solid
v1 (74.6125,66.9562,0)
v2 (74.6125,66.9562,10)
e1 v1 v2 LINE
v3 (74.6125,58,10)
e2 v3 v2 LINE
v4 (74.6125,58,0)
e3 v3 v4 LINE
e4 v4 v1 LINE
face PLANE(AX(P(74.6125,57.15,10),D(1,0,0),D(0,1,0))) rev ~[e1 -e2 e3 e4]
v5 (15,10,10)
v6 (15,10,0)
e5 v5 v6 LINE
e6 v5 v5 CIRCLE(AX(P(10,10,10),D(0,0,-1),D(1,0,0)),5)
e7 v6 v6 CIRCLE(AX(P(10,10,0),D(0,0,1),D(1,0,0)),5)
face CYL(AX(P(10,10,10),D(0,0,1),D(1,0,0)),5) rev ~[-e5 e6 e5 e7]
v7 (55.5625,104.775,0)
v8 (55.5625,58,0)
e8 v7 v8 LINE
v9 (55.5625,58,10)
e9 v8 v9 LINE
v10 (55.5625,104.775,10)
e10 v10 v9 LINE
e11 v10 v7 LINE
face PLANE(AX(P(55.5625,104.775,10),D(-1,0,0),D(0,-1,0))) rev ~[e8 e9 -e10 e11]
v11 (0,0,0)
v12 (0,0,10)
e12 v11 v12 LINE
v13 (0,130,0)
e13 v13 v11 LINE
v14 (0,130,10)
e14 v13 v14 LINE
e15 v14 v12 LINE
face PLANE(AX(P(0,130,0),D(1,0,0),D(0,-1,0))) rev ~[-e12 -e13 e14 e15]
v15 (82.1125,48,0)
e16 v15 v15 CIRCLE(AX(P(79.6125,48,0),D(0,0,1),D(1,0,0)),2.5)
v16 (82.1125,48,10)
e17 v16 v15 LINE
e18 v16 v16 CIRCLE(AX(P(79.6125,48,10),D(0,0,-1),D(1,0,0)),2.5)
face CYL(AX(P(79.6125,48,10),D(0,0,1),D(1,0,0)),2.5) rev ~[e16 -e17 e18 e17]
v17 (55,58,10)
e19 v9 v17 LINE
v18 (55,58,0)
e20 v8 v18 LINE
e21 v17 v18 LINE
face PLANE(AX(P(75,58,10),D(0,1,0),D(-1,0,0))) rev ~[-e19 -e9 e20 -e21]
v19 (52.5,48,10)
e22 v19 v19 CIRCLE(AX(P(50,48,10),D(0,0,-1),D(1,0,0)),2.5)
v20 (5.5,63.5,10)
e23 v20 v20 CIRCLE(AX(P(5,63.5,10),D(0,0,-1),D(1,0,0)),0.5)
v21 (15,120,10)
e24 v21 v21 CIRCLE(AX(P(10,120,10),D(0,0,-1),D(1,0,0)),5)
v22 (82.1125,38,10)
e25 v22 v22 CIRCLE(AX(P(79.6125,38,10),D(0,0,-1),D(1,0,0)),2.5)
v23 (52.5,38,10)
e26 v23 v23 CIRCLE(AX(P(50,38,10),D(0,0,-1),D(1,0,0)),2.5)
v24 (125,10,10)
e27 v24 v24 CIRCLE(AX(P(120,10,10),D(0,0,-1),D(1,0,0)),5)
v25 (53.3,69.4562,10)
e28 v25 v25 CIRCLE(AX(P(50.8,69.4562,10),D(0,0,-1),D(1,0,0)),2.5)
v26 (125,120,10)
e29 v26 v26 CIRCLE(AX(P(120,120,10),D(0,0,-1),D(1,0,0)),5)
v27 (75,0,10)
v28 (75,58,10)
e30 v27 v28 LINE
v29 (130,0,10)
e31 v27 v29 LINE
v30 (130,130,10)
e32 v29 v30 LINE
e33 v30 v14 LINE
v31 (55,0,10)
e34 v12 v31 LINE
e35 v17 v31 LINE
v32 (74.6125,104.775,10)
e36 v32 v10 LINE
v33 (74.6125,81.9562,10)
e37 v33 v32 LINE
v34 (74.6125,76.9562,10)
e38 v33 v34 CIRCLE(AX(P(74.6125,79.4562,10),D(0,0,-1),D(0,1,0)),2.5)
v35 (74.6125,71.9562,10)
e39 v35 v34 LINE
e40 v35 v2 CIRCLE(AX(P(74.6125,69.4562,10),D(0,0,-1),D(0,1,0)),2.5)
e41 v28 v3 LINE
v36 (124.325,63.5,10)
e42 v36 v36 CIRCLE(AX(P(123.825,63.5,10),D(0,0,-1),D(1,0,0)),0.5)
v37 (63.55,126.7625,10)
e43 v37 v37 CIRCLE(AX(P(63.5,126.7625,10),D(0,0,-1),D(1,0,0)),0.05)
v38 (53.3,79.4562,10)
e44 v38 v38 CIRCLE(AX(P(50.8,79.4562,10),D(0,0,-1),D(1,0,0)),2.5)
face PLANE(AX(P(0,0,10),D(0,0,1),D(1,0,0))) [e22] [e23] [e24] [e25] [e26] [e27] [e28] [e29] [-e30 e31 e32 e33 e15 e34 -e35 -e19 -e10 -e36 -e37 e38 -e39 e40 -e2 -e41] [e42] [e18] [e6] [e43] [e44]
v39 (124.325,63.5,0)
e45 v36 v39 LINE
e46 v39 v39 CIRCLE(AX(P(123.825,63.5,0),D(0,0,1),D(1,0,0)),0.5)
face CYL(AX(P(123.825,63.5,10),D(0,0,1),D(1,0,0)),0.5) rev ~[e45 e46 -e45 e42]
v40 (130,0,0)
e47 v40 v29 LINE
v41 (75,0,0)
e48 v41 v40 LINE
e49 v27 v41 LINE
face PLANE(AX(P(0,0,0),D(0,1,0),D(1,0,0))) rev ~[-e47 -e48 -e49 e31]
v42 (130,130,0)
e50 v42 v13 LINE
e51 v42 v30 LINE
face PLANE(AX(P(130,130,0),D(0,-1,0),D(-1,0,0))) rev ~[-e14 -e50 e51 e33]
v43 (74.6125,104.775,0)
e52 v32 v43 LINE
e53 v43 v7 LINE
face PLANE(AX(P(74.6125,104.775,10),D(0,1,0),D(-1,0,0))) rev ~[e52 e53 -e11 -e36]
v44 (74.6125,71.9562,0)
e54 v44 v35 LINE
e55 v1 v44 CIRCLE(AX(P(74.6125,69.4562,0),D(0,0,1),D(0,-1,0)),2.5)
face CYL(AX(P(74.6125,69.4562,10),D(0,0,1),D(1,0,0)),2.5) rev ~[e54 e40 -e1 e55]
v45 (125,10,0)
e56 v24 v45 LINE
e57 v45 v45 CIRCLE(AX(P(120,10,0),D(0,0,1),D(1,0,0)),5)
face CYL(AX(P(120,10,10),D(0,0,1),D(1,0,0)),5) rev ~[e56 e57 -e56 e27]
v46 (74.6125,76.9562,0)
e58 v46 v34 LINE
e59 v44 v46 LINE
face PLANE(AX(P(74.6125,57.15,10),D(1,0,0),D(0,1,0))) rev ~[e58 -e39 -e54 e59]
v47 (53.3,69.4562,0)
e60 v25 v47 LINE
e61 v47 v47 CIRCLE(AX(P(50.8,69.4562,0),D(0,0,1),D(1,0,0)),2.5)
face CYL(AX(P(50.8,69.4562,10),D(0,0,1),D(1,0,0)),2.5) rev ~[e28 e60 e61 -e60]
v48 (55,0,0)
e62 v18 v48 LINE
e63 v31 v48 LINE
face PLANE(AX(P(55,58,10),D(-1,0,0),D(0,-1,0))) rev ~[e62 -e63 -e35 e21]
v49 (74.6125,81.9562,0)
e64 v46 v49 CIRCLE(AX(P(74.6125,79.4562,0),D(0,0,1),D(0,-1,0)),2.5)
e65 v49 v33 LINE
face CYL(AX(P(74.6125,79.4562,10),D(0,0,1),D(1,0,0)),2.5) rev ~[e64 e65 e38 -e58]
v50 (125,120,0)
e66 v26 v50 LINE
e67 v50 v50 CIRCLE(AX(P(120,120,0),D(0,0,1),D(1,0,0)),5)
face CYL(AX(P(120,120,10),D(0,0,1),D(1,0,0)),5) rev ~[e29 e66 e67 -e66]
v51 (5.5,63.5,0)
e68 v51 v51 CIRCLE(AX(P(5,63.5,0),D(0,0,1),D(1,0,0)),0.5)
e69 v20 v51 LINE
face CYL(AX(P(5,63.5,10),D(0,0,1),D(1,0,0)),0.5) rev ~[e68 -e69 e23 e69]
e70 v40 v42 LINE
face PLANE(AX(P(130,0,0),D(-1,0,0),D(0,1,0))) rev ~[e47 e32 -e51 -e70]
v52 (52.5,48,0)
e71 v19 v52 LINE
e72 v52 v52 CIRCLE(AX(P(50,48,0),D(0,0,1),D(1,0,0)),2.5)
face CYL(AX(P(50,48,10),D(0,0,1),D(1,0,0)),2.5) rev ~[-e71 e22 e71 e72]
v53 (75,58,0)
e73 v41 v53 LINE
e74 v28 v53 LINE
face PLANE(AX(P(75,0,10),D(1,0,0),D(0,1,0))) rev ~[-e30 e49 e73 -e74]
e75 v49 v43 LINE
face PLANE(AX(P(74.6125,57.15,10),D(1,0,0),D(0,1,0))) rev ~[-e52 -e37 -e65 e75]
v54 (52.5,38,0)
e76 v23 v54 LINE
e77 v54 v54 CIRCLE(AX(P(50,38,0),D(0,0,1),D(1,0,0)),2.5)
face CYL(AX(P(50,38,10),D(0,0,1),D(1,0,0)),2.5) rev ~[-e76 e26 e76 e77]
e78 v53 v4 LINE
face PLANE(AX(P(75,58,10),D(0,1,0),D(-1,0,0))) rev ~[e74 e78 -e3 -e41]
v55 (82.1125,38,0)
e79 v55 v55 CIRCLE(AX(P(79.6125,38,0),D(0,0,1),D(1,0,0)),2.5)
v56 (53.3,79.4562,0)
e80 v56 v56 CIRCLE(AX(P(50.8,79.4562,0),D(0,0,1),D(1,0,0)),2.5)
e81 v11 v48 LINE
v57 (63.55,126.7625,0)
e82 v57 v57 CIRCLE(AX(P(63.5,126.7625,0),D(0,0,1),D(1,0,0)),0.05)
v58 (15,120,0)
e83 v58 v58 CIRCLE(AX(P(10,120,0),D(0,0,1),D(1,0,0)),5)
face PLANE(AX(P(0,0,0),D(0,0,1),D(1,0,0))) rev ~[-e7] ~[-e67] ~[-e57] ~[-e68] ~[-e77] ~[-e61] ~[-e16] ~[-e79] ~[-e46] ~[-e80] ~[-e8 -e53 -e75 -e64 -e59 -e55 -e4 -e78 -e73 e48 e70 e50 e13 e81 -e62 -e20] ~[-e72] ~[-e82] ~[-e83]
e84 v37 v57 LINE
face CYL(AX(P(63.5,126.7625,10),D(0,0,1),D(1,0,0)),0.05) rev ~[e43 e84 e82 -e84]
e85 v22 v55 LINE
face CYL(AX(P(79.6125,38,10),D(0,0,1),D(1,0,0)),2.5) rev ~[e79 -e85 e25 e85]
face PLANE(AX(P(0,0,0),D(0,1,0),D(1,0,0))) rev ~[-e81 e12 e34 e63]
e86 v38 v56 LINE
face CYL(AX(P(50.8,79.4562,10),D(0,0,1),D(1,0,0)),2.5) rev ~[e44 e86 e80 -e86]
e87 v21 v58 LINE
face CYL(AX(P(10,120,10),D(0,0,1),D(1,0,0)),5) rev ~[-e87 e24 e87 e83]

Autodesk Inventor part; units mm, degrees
ref_plane "YZ Plane" through (0, 0, 0) normal (1, 0, 0) x (0, 1, 0)
ref_plane "XZ Plane" through (0, 0, 0) normal (0, 1, 0) x (-1, 0, 0)
ref_plane "XY Plane" through (0, 0, 0) normal (0, 0, 1) x (1, 0, 0)
sketch "Sketch1" plane through (0, 0, 0) normal (0, 0, 1) x (1, 0, 0)
  line L0 (0, 0) -> (130, 0)
  line L1 (130, 0) -> (130, 130)
  line L2 (130, 130) -> (0, 130)
  line L3 (0, 130) -> (0, 0)
  dimension "d0" = 130
  dimension "d1" = 130
extrude "Extrusion1" add sketch "Sketch1" along normal blind 10
sketch "Sketch2" plane through (0, 0, 10) normal (0, 0, 1) x (1, 0, 0)
  line L0 (0, 0) -> (130, 0) projected
  line L1 (0, 0) -> (10, 0)
  line L2 (10, 0) -> (10, 110)
  line L3 (10, 110) -> (10, 120)
  line L4 (10, 120) -> (120, 120)
  line L5 (120, 120) -> (120, 10)
  line L6 (120, 10) -> (10, 10)
  circle A0 centre (10, 120) radius 5
  circle A1 centre (120, 120) radius 5
  circle A2 centre (10, 10) radius 5
  circle A3 centre (120, 10) radius 5
  dimension "d4" = 10
  dimension "d5" = 110
  dimension "d6" = 10
  dimension "d7" = 110
  dimension "d8" = 110
  dimension "d9" = 110
  dimension "d10" = 10
  dimension "d11" = 10
  dimension "d12" = 10
  dimension "d13" = 10
extrude "Extrusion2" cut sketch "Sketch2" against normal through all contours A2 L2 | L2 L6 A2 | L2 A2 L6 | A3 L5 L6 | L6 L5 A3 | A0 L4 L3 | L3 L4 A0 | A1 L4 L5 | L5 L4 A1
sketch "Sketch3" plane through (0, 0, 10) normal (0, 0, 1) x (1, 0, 0)
  line L0 (0, 0) -> (130, 0) projected
  line L1 (68.2625, 0) -> (63.2625, 0)
  line L2 (63.2625, 0) -> (63.2625, 5)
  circle A0 centre (63.2625, 5) radius 0.05
  dimension "d16" = 5
  dimension "d17" = 5
  dimension "d18" = 0.1
extrude "Extrusion3" cut sketch "Sketch3" along normal through all both and the other way through all
sketch "Sketch4" plane through (0, 0, 10) normal (0, 0, 1) x (1, 0, 0)
  line L0 (63.5, 131.7625) -> (63.5, 126.7625)
  circle A0 centre (63.5, 126.7625) radius 0.05
  point P0 (0, 0)
  dimension "d21" = 5
  dimension "d22" = 0.1
extrude "Extrusion4" cut sketch "Sketch4" against normal blind 10
sketch "Sketch5" plane through (0, 0, 10) normal (0, 0, 1) x (1, 0, 0)
  line L0 (0, 63.5) -> (5, 63.5)
  line L1 (5, 63.5) -> (123.825, 63.5)
  circle A0 centre (5, 63.5) radius 0.5
  circle A1 centre (123.825, 63.5) radius 0.5
  point P0 (0, 0)
  dimension "d25" = 5
  dimension "d26" = 1
  dimension "d27" = 1
extrude "Extrusion5" cut sketch "Sketch5" against normal through all
sketch "Sketch6" plane through (0, 0, 10) normal (0, 0, 1) x (1, 0, 0)
  point P0 (0, 0)
sketch "Sketch7" plane through (0, 0, 10) normal (0, 0, 1) x (1, 0, 0)
  line L0 (0, 0) -> (55, 0)
  line L1 (0, 0) -> (130, 0) projected
  line L2 (55, 0) -> (75, 0)
  line L3 (75, 0) -> (130, 0)
  line L4 (55, 0) -> (75, 0)
  line L5 (75, 0) -> (75, 58)
  line L6 (75, 58) -> (55, 58)
  line L7 (55, 58) -> (55, 0)
  dimension "d30" = 55
  dimension "d31" = 20
  dimension "d32" = 55
  dimension "d33" = 20
  dimension "d34" = 58
extrude "Extrusion6" cut sketch "Sketch7" against normal blind 10
sketch "Sketch8" plane through (0, 0, 10) normal (0, 0, 1) x (1, 0, 0)
  line L0 (74.6125, 0) -> (79.6125, 0)
  line L1 (79.6125, 0) -> (79.6125, 38)
  line L2 (79.6125, 38) -> (79.6125, 48)
  line L3 (55, 58) -> (55, 0) projected
  line L4 (55, 0) -> (50, 0)
  line L5 (0, 0) -> (55, 0) projected
  line L6 (50, 0) -> (50, 38)
  line L7 (50, 38) -> (50, 48)
  circle A0 centre (79.6125, 48) radius 2.5
  circle A1 centre (79.6125, 38) radius 2.5
  circle A2 centre (50, 48) radius 2.5
  circle A3 centre (50, 38) radius 2.5
  dimension "d37" = 5
  dimension "d38" = 38
  dimension "d39" = 10
  dimension "d40" = 5
  dimension "d41" = 38
  dimension "d42" = 10
  dimension "d43" = 5
  dimension "d44" = 5
  dimension "d45" = 5
  dimension "d46" = 5
extrude "Extrusion7" cut sketch "Sketch8" against normal through all
sketch "Sketch9" plane through (0, 0, 10) normal (0, 0, 1) x (1, 0, 0)
  line L0 (55.5625, 57.15) -> (74.6125, 57.15)
  line L1 (74.6125, 57.15) -> (74.6125, 104.775)
  line L2 (74.6125, 104.775) -> (55.5625, 104.775)
  line L3 (55.5625, 104.775) -> (55.5625, 57.15)
  point P0 (0, 0)
extrude "Extrusion8" cut sketch "Sketch9" against normal blind 10
sketch "Sketch10" plane through (0, 0, 10) normal (0, 0, 1) x (1, 0, 0)
  line L0 (0, 0) -> (55, 0) projected
  line L1 (55, 0) -> (55, 5)
  line L2 (55, 0) -> (42.8625, 0)
  dimension "d51" = 5
sketch "Sketch11" plane through (0, 0, 10) normal (0, 0, 1) x (1, 0, 0)
  line L0 (55.5625, 0) -> (50.5625, 0)
  line L1 (0, 0) -> (55, 0) projected
  dimension "d52" = 5
sketch "Sketch12" plane through (0, 0, 10) normal (0, 0, 1) x (1, 0, 0)
  line L0 (75, 58) -> (75, 0) projected
  line L1 (75, 0) -> (80, 0)
  line L2 (75, 0) -> (130, 0) projected
  line L3 (80, 0) -> (80, 85.725)
  line L4 (80, 85.725) -> (80, 100.0125)
  line L5 (50.8, 0) -> (50.8, 69.4562)
  line L6 (55, 0) -> (55, 58) projected
  line L7 (50.8, 69.4562) -> (50.8, 79.4562)
  line L8 (50.8, 79.4562) -> (80, 79.4562)
  circle A0 centre (50.8, 79.4562) radius 2.5
  circle A1 centre (50.8, 69.4562) radius 2.5
  line L9 (50.8, 69.4562) -> (80, 69.4562)
  line L10 (80, 79.4562) -> (82.5, 79.4562)
  line L11 (82.5, 79.4562) -> (77.5, 79.4562)
  line L12 (77.5, 79.4562) -> (77.5, 69.4562)
  circle A2 centre (74.6125, 79.4562) radius 2.5
  circle A3 centre (74.6125, 69.4562) radius 2.5
  point P0 (0, 0)
  dimension "d53" = 5
  dimension "d54" = 10
  dimension "d55" = 5
  dimension "d56" = 5
  dimension "d61" = 2.5
  dimension "d62" = 5
  dimension "d64" = 5
  dimension "d65" = 5
extrude "Extrusion9" cut sketch "Sketch12" against normal blind 10 contours A3 L9 | L9 A3 | A2 L8 | L8 A2 | L9 L7 A1 | A1 L5 L9 | A0 L7 L8 | L8 L7 A0 | L7 L5 A1
properties part number "top STAND PLATE FOR STORSGE SYSTEM"
